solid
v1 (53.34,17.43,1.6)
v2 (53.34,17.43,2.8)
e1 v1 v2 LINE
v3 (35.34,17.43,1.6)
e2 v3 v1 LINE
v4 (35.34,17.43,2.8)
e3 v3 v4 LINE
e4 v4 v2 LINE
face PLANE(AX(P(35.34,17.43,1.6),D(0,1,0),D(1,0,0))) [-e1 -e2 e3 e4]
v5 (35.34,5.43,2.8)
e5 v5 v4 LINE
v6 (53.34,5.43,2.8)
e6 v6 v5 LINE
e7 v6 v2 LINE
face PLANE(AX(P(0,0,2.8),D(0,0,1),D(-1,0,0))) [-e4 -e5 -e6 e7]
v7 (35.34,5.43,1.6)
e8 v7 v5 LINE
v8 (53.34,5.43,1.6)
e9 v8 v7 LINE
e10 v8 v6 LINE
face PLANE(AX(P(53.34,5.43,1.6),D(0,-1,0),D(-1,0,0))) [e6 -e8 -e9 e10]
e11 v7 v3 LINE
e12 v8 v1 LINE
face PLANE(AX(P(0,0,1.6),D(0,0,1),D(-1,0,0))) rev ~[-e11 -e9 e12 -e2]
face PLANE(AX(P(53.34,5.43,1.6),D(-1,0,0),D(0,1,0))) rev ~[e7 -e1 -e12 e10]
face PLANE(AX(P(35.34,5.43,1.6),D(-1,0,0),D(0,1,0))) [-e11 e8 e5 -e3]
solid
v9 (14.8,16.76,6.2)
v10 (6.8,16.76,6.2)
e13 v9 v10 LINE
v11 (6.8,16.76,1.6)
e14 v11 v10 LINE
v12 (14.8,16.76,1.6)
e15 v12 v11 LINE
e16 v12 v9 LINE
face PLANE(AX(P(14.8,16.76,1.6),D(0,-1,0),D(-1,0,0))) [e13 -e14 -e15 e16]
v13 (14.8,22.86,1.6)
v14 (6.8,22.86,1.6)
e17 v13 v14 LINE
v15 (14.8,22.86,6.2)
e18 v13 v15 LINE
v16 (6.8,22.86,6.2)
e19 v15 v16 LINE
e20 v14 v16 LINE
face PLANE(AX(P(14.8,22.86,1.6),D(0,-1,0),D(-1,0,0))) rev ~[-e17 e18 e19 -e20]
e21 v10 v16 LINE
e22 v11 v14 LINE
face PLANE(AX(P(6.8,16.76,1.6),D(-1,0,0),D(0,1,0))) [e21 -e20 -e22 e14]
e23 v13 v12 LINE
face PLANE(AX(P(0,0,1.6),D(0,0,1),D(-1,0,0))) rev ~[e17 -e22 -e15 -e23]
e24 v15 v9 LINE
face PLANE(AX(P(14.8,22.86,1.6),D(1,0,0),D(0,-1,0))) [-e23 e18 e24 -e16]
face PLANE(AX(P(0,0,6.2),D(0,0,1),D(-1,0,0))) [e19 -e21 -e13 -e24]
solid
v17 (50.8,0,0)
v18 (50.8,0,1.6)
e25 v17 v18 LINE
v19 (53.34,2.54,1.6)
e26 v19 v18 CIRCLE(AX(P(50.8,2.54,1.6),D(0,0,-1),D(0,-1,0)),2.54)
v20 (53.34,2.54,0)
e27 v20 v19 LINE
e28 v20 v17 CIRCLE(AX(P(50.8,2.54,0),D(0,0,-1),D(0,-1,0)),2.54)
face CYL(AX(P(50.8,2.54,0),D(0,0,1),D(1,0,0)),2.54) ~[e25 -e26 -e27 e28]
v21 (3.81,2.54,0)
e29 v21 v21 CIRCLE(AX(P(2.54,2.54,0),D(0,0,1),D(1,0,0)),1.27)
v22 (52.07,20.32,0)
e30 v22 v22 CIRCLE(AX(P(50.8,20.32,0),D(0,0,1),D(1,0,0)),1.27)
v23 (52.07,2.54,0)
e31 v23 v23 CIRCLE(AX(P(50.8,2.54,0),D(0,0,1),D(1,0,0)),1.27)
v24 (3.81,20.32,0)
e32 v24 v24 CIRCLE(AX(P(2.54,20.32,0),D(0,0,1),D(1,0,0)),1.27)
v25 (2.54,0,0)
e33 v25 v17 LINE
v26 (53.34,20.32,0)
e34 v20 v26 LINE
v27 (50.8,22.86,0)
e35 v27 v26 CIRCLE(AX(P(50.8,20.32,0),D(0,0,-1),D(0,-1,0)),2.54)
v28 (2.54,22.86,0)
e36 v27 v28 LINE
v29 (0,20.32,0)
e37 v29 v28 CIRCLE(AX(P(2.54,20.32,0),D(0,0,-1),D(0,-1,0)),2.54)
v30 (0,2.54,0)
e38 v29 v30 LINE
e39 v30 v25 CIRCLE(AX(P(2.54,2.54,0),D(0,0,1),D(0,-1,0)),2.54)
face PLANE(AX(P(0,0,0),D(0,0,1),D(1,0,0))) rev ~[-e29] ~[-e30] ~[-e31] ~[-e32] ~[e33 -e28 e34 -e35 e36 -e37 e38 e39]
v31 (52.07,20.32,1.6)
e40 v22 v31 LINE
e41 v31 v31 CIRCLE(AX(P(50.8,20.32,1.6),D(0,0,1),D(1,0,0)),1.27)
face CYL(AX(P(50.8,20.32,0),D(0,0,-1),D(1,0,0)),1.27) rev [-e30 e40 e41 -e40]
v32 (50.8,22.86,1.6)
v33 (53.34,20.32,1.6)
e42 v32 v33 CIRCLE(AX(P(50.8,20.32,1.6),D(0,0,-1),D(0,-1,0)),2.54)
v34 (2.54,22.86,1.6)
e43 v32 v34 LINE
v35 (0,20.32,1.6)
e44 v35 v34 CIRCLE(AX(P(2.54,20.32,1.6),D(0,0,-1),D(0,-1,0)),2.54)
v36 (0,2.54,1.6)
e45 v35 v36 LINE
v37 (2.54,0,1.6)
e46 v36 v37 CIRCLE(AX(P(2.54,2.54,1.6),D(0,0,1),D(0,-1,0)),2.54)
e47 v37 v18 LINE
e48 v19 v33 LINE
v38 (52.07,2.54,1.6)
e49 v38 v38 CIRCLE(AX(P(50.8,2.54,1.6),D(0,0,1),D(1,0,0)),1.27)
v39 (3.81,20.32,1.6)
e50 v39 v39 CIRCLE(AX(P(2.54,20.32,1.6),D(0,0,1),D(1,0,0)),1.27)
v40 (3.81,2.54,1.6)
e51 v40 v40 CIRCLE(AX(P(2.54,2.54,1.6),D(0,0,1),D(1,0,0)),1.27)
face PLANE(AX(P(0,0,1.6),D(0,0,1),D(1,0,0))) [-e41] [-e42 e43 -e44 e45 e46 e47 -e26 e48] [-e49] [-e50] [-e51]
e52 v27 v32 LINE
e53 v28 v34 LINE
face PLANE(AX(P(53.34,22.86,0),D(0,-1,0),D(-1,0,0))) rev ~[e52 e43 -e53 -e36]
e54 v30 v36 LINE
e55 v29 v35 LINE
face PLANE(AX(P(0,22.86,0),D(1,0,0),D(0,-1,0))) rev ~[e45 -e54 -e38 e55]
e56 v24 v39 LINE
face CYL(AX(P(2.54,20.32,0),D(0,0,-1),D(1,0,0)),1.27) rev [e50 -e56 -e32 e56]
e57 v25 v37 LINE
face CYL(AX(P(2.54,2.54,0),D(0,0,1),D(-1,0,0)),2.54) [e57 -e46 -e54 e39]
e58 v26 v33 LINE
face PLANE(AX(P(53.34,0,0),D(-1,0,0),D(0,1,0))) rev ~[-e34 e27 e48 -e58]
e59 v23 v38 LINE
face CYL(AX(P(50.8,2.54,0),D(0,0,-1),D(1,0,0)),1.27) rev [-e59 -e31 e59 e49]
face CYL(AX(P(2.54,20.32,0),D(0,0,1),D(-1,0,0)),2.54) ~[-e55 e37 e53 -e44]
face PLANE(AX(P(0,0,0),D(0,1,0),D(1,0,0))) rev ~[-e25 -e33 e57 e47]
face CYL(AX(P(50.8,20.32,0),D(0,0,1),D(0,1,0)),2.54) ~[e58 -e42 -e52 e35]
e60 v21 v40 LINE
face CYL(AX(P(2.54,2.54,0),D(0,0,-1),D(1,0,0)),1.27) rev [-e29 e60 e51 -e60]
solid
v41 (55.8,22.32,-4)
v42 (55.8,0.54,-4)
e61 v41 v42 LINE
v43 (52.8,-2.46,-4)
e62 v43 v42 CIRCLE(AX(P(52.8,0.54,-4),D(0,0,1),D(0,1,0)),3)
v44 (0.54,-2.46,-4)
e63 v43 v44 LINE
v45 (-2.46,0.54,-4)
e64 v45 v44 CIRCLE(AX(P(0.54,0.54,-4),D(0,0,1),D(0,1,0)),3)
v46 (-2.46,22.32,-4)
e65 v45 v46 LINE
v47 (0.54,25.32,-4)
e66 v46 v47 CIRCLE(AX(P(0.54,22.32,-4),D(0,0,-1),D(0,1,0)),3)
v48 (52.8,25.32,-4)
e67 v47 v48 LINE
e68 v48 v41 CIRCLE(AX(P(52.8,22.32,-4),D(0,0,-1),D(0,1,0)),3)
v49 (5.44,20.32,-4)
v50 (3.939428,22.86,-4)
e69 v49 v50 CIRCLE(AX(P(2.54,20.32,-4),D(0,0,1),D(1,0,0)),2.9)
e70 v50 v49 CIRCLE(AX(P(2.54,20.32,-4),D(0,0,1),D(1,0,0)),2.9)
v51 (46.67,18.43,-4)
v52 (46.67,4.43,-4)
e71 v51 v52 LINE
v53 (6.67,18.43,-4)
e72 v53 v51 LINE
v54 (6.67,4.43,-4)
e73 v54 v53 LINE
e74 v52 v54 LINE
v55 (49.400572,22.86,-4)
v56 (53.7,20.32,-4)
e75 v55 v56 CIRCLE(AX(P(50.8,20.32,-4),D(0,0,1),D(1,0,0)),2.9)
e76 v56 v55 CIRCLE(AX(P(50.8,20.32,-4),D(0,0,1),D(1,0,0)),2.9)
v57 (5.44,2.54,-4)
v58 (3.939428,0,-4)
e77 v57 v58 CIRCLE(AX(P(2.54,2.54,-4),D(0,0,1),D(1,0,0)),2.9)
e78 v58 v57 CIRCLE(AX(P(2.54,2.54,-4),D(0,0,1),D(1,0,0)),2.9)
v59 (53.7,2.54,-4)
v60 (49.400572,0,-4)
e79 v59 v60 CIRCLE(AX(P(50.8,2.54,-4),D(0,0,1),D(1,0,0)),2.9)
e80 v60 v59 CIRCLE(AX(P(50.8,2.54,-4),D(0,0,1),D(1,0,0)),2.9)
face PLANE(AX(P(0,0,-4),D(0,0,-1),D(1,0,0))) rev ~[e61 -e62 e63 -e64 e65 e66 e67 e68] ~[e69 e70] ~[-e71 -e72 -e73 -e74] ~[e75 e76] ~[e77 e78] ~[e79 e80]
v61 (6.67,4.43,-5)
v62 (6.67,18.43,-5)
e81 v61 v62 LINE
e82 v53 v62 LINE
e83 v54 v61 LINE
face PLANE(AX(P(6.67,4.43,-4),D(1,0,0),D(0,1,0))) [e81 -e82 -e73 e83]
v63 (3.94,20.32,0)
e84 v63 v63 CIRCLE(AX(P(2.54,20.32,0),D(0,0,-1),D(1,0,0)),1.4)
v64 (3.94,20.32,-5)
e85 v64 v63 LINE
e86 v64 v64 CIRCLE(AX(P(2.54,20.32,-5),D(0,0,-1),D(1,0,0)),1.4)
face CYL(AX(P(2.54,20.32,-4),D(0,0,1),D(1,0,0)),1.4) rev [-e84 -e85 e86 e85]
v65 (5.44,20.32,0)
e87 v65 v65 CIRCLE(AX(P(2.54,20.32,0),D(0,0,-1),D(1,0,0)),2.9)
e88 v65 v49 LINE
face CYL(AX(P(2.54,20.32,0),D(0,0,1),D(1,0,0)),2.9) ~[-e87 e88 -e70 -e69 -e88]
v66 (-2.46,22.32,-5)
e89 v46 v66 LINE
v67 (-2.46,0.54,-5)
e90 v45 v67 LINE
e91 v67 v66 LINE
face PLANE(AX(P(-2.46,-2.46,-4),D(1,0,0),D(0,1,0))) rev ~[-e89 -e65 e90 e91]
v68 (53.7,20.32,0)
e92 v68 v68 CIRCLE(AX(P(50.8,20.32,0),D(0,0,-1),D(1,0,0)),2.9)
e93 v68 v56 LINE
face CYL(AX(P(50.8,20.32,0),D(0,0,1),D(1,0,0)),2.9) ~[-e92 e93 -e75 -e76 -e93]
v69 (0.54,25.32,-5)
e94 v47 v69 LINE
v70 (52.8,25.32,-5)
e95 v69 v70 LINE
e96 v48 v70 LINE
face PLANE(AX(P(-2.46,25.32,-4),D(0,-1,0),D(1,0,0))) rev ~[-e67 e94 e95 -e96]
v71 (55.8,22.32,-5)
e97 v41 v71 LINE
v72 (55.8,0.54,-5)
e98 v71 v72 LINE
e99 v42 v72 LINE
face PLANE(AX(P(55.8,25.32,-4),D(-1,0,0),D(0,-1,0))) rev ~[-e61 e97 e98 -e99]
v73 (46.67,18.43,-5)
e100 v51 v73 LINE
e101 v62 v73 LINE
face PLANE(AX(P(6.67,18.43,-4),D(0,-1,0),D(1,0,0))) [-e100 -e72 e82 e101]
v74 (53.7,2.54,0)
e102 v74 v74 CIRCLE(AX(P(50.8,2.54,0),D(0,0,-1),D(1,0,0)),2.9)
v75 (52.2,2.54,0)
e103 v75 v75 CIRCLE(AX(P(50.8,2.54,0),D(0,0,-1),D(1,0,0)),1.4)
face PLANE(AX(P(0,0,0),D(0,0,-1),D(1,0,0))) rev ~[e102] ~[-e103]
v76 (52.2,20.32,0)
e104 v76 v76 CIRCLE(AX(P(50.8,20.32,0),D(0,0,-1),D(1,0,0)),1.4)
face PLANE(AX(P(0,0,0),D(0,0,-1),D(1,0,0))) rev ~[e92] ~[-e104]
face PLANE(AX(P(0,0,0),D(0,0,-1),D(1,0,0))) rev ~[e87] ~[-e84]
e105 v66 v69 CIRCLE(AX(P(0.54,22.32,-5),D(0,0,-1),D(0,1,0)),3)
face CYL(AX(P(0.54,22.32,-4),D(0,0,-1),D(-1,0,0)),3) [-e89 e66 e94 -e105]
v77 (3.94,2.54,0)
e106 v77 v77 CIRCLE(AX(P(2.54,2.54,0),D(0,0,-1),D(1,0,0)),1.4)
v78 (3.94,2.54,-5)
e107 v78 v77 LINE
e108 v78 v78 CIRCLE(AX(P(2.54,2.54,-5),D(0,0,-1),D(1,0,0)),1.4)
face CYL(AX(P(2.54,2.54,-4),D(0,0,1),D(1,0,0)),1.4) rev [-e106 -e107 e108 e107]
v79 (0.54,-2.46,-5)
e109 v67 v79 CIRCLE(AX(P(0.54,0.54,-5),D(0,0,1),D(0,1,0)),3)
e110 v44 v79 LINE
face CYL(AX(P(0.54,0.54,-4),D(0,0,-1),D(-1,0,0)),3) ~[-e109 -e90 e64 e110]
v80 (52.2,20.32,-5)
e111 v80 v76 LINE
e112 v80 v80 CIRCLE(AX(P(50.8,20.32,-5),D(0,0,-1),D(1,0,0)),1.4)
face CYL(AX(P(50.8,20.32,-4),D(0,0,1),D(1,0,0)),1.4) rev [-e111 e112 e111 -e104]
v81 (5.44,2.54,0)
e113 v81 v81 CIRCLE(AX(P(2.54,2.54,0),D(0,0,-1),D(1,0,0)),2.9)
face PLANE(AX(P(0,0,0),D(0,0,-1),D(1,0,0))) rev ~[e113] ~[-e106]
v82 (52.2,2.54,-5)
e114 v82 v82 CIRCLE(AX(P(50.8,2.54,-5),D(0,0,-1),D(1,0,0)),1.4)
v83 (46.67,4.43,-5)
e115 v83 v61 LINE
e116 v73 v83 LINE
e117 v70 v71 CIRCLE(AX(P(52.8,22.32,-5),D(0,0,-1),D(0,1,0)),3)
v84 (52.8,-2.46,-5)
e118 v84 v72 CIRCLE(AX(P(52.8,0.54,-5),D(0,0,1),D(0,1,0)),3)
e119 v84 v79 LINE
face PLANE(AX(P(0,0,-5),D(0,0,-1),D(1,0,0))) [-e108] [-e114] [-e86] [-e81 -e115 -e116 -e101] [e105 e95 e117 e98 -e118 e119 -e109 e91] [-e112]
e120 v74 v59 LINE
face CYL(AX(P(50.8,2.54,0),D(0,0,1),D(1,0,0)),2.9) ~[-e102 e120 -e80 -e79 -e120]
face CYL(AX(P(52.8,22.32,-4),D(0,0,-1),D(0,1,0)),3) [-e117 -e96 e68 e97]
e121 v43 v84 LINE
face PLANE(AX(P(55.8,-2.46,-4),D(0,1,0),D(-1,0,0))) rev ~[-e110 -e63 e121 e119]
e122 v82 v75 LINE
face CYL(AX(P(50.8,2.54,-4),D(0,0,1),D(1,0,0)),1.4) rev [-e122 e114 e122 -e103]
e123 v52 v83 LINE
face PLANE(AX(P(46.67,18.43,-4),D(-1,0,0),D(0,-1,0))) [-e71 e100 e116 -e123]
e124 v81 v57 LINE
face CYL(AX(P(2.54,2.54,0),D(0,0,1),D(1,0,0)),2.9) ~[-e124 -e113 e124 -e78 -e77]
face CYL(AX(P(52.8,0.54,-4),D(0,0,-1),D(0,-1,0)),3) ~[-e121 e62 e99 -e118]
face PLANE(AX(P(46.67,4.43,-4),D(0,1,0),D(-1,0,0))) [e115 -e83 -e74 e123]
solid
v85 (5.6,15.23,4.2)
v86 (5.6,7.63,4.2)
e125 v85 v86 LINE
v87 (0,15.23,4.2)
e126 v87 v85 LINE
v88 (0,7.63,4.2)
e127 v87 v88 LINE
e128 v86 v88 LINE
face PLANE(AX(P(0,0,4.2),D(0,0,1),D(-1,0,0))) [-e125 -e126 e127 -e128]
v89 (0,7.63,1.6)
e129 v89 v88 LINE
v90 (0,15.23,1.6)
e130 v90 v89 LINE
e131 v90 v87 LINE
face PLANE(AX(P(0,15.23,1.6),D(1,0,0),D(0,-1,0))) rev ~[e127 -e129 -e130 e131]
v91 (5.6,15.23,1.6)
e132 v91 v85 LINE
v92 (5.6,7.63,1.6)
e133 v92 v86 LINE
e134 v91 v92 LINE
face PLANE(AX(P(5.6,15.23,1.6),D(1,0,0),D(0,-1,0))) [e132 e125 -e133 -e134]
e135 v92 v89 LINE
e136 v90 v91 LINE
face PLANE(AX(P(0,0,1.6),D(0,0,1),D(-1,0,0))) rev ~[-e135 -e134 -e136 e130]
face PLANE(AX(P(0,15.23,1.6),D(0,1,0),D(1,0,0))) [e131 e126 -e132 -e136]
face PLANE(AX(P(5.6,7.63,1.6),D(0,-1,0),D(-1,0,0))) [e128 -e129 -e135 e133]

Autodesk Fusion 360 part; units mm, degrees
sketch "board" plane through (0, 0, 0) normal (0, 0, 1) x (1, 0, 0)
  line L0 (0, 0) -> (53.34, 0)
  line L1 (53.34, 0) -> (53.34, 22.86)
  line L2 (53.34, 22.86) -> (0, 22.86)
  line L3 (0, 22.86) -> (0, 0)
  circle A0 centre (2.54, 20.32) radius 1.27
  circle A1 centre (50.8, 20.32) radius 1.27
  circle A2 centre (2.54, 2.54) radius 1.27
  circle A3 centre (50.8, 2.54) radius 1.27
  dimension "d1" = 53.34
  dimension "d2" = 22.86
  dimension "d3" = 2.54
  dimension "d4" = 2.54
  dimension "d5" = 2.54
  dimension "d8" = 48.26
  dimension "d9" = -17.78
extrude "Extrude1" add sketch "board" along normal blind 1.6 makes body 1
fillet "Fillet1" radius 2.54 4 edges at (0, 22.86, 0.8) (0, 0, 0.8) (53.34, 22.86, 0.8) (53.34, 0, 0.8) on bodies 1
sketch "usb" plane through (0, 0, 1.6) normal (0, 0, 1) x (-1, 0, 0)
  circle A0 centre (-50.8, -20.32) radius 1.27
  circle A1 centre (-50.8, -2.54) radius 1.27
  circle A2 centre (-2.54, -2.54) radius 1.27
  circle A3 centre (-2.54, -20.32) radius 1.27
  arc A4 (-50.8, 0) -> (-53.34, -2.54) centre (-50.8, -2.54) ccw
  line L0 (-53.34, -2.54) -> (-53.34, -20.32)
  arc A5 (-53.34, -20.32) -> (-50.8, -22.86) centre (-50.8, -20.32) ccw
  line L1 (-50.8, -22.86) -> (-2.54, -22.86)
  arc A6 (-2.54, -22.86) -> (0, -20.32) centre (-2.54, -20.32) ccw
  line L2 (0, -20.32) -> (0, -2.54)
  arc A7 (0, -2.54) -> (-2.54, 0) centre (-2.54, -2.54) ccw
  line L3 (-2.54, 0) -> (-50.8, 0)
  line L4 (0, -11.43) -> (-53.34, -11.43) construction
  line L5 (-26.67, -22.86) -> (-26.67, 0) construction
  line L6 (0, -15.23) -> (-5.6, -15.23)
  line L7 (-5.6, -15.23) -> (-5.6, -7.63)
  line L8 (-5.6, -7.63) -> (0, -7.63)
  line L9 (0, -7.63) -> (0, -15.23)
  line L10 (0, -11.43) -> (-5.6, -11.43) construction
  dimension "d13" = 7.6
  dimension "d14" = 5.6
extrude "Extrude2" add sketch "usb" along normal blind 2.6 separate body contours L2 L6 L7 L8 L9 makes body 2
sketch "jst" plane through (0, 0, 1.6) normal (0, 0, 1) x (-1, 0, 0)
  circle A0 centre (-50.8, -20.32) radius 1.27
  circle A1 centre (-50.8, -2.54) radius 1.27
  circle A2 centre (-2.54, -2.54) radius 1.27
  circle A3 centre (-2.54, -20.32) radius 1.27
  arc A4 (-50.8, 0) -> (-53.34, -2.54) centre (-50.8, -2.54) ccw
  line L0 (-53.34, -2.54) -> (-53.34, -20.32)
  arc A5 (-53.34, -20.32) -> (-50.8, -22.86) centre (-50.8, -20.32) ccw
  line L1 (-50.8, -22.86) -> (-2.54, -22.86)
  arc A6 (-2.54, -22.86) -> (0, -20.32) centre (-2.54, -20.32) ccw
  line L2 (0, -20.32) -> (0, -2.54)
  arc A7 (0, -2.54) -> (-2.54, 0) centre (-2.54, -2.54) ccw
  line L3 (-2.54, 0) -> (-50.8, 0)
  line L4 (-6.8, -22.86) -> (-14.8, -22.86)
  line L5 (-14.8, -22.86) -> (-14.8, -16.76)
  line L6 (-14.8, -16.76) -> (-6.8, -16.76)
  line L7 (-6.8, -16.76) -> (-6.8, -22.86)
  dimension "d17" = 6.1
  dimension "d18" = 8
  dimension "d19" = 6.8
extrude "Extrude3" add sketch "jst" along normal blind 4.6 separate body contours L1 L4 L5 L6 L7 makes body 3
sketch "wifi" plane through (0, 0, 1.6) normal (0, 0, 1) x (-1, 0, 0)
  circle A0 centre (-50.8, -20.32) radius 1.27
  circle A1 centre (-50.8, -2.54) radius 1.27
  circle A2 centre (-2.54, -2.54) radius 1.27
  circle A3 centre (-2.54, -20.32) radius 1.27
  arc A4 (-50.8, 0) -> (-53.34, -2.54) centre (-50.8, -2.54) ccw
  line L0 (-53.34, -2.54) -> (-53.34, -20.32)
  arc A5 (-53.34, -20.32) -> (-50.8, -22.86) centre (-50.8, -20.32) ccw
  line L1 (-50.8, -22.86) -> (-2.54, -22.86)
  arc A6 (-2.54, -22.86) -> (0, -20.32) centre (-2.54, -20.32) ccw
  line L2 (0, -20.32) -> (0, -2.54)
  arc A7 (0, -2.54) -> (-2.54, 0) centre (-2.54, -2.54) ccw
  line L3 (-2.54, 0) -> (-50.8, 0)
  line L4 (-35.34, -17.43) -> (-53.34, -17.43)
  line L5 (-53.34, -17.43) -> (-53.34, -5.43)
  line L6 (-53.34, -5.43) -> (-35.34, -5.43)
  line L7 (-35.34, -5.43) -> (-35.34, -17.43)
  line L8 (-35.34, -11.43) -> (-53.34, -11.43) construction
  line L9 (-53.34, -11.43) -> (0, -11.43) construction
  dimension "d22" = 18
  dimension "d23" = 12
extrude "Extrude4" add sketch "wifi" along normal blind 1.2 separate body contours L0 L4 L5 L6 L7 makes body 4
sketch "Sketch1" plane through (0, 0, 0) normal (0, 0, -1) x (1, 0, 0) in component "board tester"
  arc A0 (53.34, -2.54) -> (50.8, 0) centre (50.8, -2.54) ccw construction
  line L0 (50.8, 0) -> (2.54, 0)
  arc A1 (2.54, 0) -> (0, -2.54) centre (2.54, -2.54) ccw construction
  line L1 (0, -2.54) -> (0, -20.32) construction
  arc A2 (0, -20.32) -> (2.54, -22.86) centre (2.54, -20.32) ccw
  line L2 (2.54, -22.86) -> (50.8, -22.86)
  arc A3 (50.8, -22.86) -> (53.34, -20.32) centre (50.8, -20.32) ccw
  line L3 (53.34, -20.32) -> (53.34, -2.54) construction
  circle A4 centre (50.8, -20.32) radius 1.27
  circle A5 centre (50.8, -2.54) radius 1.27 construction
  circle A6 centre (2.54, -2.54) radius 1.27
  circle A7 centre (2.54, -20.32) radius 1.27
  circle A8 centre (50.8, -2.54) radius 2.9
  circle A9 centre (50.8, -2.54) radius 1.4
  circle A10 centre (2.54, -2.54) radius 1.4
  circle A11 centre (2.54, -2.54) radius 2.9
  circle A12 centre (50.8, -20.32) radius 1.4
  circle A13 centre (50.8, -20.32) radius 2.9
  circle A14 centre (2.54, -20.32) radius 1.4
  circle A15 centre (2.54, -20.32) radius 2.9
  line L4 (26.67, -22.86) -> (26.67, 0) construction
  line L5 (0, -11.43) -> (53.34, -11.43) construction
  line L6 (-2.46, -25.32) -> (55.8, -25.32)
  line L7 (55.8, -25.32) -> (55.8, 2.46)
  line L8 (55.8, 2.46) -> (-2.46, 2.46)
  line L9 (-2.46, 2.46) -> (-2.46, -25.32)
  line L10 (-2.46, -25.32) -> (55.8, 2.46) construction
  line L11 (55.8, -25.32) -> (-2.46, 2.46) construction
  line L12 (6.67, -18.43) -> (46.67, -18.43)
  line L13 (46.67, -18.43) -> (46.67, -4.43)
  line L14 (46.67, -4.43) -> (6.67, -4.43)
  line L15 (6.67, -4.43) -> (6.67, -18.43)
  line L16 (6.67, -18.43) -> (46.67, -4.43) construction
  line L17 (46.67, -18.43) -> (6.67, -4.43) construction
  point P0 (26.67, -11.43)
  point P1 (26.67, -11.43)
  dimension "d27" = 2.8
  dimension "d28" = 1.5
  dimension "d31" = -48.26
  dimension "d32" = -17.78
  dimension "d33" = 5
  dimension "d34" = 5
  dimension "d35" = 40
  dimension "d36" = 14
extrude "Extrude1'" add sketch "Sketch1" along normal blind 5 and the other way blind -4 separate body contours A11 | A8 | A13 | A15 | L6 L7 L8 L9 makes body 5 in component "board tester"
extrude "Extrude2'" add sketch "Sketch1" along normal blind 5 and the other way blind 0 contours A11 | A8 | A13 | A15 bodies 5 in component "board tester"
fillet "Fillet1'" radius 3 4 edges at (-2.46, -2.46, -4.5) (-2.46, 25.32, -4.5) (55.8, 25.32, -4.5) (55.8, -2.46, -4.5) on bodies 5 in component "board tester"
component "board tester" placed x (1, 0, 0) y (0, 1, 0) z (0, 0, 1) at (0, 0, 0)
